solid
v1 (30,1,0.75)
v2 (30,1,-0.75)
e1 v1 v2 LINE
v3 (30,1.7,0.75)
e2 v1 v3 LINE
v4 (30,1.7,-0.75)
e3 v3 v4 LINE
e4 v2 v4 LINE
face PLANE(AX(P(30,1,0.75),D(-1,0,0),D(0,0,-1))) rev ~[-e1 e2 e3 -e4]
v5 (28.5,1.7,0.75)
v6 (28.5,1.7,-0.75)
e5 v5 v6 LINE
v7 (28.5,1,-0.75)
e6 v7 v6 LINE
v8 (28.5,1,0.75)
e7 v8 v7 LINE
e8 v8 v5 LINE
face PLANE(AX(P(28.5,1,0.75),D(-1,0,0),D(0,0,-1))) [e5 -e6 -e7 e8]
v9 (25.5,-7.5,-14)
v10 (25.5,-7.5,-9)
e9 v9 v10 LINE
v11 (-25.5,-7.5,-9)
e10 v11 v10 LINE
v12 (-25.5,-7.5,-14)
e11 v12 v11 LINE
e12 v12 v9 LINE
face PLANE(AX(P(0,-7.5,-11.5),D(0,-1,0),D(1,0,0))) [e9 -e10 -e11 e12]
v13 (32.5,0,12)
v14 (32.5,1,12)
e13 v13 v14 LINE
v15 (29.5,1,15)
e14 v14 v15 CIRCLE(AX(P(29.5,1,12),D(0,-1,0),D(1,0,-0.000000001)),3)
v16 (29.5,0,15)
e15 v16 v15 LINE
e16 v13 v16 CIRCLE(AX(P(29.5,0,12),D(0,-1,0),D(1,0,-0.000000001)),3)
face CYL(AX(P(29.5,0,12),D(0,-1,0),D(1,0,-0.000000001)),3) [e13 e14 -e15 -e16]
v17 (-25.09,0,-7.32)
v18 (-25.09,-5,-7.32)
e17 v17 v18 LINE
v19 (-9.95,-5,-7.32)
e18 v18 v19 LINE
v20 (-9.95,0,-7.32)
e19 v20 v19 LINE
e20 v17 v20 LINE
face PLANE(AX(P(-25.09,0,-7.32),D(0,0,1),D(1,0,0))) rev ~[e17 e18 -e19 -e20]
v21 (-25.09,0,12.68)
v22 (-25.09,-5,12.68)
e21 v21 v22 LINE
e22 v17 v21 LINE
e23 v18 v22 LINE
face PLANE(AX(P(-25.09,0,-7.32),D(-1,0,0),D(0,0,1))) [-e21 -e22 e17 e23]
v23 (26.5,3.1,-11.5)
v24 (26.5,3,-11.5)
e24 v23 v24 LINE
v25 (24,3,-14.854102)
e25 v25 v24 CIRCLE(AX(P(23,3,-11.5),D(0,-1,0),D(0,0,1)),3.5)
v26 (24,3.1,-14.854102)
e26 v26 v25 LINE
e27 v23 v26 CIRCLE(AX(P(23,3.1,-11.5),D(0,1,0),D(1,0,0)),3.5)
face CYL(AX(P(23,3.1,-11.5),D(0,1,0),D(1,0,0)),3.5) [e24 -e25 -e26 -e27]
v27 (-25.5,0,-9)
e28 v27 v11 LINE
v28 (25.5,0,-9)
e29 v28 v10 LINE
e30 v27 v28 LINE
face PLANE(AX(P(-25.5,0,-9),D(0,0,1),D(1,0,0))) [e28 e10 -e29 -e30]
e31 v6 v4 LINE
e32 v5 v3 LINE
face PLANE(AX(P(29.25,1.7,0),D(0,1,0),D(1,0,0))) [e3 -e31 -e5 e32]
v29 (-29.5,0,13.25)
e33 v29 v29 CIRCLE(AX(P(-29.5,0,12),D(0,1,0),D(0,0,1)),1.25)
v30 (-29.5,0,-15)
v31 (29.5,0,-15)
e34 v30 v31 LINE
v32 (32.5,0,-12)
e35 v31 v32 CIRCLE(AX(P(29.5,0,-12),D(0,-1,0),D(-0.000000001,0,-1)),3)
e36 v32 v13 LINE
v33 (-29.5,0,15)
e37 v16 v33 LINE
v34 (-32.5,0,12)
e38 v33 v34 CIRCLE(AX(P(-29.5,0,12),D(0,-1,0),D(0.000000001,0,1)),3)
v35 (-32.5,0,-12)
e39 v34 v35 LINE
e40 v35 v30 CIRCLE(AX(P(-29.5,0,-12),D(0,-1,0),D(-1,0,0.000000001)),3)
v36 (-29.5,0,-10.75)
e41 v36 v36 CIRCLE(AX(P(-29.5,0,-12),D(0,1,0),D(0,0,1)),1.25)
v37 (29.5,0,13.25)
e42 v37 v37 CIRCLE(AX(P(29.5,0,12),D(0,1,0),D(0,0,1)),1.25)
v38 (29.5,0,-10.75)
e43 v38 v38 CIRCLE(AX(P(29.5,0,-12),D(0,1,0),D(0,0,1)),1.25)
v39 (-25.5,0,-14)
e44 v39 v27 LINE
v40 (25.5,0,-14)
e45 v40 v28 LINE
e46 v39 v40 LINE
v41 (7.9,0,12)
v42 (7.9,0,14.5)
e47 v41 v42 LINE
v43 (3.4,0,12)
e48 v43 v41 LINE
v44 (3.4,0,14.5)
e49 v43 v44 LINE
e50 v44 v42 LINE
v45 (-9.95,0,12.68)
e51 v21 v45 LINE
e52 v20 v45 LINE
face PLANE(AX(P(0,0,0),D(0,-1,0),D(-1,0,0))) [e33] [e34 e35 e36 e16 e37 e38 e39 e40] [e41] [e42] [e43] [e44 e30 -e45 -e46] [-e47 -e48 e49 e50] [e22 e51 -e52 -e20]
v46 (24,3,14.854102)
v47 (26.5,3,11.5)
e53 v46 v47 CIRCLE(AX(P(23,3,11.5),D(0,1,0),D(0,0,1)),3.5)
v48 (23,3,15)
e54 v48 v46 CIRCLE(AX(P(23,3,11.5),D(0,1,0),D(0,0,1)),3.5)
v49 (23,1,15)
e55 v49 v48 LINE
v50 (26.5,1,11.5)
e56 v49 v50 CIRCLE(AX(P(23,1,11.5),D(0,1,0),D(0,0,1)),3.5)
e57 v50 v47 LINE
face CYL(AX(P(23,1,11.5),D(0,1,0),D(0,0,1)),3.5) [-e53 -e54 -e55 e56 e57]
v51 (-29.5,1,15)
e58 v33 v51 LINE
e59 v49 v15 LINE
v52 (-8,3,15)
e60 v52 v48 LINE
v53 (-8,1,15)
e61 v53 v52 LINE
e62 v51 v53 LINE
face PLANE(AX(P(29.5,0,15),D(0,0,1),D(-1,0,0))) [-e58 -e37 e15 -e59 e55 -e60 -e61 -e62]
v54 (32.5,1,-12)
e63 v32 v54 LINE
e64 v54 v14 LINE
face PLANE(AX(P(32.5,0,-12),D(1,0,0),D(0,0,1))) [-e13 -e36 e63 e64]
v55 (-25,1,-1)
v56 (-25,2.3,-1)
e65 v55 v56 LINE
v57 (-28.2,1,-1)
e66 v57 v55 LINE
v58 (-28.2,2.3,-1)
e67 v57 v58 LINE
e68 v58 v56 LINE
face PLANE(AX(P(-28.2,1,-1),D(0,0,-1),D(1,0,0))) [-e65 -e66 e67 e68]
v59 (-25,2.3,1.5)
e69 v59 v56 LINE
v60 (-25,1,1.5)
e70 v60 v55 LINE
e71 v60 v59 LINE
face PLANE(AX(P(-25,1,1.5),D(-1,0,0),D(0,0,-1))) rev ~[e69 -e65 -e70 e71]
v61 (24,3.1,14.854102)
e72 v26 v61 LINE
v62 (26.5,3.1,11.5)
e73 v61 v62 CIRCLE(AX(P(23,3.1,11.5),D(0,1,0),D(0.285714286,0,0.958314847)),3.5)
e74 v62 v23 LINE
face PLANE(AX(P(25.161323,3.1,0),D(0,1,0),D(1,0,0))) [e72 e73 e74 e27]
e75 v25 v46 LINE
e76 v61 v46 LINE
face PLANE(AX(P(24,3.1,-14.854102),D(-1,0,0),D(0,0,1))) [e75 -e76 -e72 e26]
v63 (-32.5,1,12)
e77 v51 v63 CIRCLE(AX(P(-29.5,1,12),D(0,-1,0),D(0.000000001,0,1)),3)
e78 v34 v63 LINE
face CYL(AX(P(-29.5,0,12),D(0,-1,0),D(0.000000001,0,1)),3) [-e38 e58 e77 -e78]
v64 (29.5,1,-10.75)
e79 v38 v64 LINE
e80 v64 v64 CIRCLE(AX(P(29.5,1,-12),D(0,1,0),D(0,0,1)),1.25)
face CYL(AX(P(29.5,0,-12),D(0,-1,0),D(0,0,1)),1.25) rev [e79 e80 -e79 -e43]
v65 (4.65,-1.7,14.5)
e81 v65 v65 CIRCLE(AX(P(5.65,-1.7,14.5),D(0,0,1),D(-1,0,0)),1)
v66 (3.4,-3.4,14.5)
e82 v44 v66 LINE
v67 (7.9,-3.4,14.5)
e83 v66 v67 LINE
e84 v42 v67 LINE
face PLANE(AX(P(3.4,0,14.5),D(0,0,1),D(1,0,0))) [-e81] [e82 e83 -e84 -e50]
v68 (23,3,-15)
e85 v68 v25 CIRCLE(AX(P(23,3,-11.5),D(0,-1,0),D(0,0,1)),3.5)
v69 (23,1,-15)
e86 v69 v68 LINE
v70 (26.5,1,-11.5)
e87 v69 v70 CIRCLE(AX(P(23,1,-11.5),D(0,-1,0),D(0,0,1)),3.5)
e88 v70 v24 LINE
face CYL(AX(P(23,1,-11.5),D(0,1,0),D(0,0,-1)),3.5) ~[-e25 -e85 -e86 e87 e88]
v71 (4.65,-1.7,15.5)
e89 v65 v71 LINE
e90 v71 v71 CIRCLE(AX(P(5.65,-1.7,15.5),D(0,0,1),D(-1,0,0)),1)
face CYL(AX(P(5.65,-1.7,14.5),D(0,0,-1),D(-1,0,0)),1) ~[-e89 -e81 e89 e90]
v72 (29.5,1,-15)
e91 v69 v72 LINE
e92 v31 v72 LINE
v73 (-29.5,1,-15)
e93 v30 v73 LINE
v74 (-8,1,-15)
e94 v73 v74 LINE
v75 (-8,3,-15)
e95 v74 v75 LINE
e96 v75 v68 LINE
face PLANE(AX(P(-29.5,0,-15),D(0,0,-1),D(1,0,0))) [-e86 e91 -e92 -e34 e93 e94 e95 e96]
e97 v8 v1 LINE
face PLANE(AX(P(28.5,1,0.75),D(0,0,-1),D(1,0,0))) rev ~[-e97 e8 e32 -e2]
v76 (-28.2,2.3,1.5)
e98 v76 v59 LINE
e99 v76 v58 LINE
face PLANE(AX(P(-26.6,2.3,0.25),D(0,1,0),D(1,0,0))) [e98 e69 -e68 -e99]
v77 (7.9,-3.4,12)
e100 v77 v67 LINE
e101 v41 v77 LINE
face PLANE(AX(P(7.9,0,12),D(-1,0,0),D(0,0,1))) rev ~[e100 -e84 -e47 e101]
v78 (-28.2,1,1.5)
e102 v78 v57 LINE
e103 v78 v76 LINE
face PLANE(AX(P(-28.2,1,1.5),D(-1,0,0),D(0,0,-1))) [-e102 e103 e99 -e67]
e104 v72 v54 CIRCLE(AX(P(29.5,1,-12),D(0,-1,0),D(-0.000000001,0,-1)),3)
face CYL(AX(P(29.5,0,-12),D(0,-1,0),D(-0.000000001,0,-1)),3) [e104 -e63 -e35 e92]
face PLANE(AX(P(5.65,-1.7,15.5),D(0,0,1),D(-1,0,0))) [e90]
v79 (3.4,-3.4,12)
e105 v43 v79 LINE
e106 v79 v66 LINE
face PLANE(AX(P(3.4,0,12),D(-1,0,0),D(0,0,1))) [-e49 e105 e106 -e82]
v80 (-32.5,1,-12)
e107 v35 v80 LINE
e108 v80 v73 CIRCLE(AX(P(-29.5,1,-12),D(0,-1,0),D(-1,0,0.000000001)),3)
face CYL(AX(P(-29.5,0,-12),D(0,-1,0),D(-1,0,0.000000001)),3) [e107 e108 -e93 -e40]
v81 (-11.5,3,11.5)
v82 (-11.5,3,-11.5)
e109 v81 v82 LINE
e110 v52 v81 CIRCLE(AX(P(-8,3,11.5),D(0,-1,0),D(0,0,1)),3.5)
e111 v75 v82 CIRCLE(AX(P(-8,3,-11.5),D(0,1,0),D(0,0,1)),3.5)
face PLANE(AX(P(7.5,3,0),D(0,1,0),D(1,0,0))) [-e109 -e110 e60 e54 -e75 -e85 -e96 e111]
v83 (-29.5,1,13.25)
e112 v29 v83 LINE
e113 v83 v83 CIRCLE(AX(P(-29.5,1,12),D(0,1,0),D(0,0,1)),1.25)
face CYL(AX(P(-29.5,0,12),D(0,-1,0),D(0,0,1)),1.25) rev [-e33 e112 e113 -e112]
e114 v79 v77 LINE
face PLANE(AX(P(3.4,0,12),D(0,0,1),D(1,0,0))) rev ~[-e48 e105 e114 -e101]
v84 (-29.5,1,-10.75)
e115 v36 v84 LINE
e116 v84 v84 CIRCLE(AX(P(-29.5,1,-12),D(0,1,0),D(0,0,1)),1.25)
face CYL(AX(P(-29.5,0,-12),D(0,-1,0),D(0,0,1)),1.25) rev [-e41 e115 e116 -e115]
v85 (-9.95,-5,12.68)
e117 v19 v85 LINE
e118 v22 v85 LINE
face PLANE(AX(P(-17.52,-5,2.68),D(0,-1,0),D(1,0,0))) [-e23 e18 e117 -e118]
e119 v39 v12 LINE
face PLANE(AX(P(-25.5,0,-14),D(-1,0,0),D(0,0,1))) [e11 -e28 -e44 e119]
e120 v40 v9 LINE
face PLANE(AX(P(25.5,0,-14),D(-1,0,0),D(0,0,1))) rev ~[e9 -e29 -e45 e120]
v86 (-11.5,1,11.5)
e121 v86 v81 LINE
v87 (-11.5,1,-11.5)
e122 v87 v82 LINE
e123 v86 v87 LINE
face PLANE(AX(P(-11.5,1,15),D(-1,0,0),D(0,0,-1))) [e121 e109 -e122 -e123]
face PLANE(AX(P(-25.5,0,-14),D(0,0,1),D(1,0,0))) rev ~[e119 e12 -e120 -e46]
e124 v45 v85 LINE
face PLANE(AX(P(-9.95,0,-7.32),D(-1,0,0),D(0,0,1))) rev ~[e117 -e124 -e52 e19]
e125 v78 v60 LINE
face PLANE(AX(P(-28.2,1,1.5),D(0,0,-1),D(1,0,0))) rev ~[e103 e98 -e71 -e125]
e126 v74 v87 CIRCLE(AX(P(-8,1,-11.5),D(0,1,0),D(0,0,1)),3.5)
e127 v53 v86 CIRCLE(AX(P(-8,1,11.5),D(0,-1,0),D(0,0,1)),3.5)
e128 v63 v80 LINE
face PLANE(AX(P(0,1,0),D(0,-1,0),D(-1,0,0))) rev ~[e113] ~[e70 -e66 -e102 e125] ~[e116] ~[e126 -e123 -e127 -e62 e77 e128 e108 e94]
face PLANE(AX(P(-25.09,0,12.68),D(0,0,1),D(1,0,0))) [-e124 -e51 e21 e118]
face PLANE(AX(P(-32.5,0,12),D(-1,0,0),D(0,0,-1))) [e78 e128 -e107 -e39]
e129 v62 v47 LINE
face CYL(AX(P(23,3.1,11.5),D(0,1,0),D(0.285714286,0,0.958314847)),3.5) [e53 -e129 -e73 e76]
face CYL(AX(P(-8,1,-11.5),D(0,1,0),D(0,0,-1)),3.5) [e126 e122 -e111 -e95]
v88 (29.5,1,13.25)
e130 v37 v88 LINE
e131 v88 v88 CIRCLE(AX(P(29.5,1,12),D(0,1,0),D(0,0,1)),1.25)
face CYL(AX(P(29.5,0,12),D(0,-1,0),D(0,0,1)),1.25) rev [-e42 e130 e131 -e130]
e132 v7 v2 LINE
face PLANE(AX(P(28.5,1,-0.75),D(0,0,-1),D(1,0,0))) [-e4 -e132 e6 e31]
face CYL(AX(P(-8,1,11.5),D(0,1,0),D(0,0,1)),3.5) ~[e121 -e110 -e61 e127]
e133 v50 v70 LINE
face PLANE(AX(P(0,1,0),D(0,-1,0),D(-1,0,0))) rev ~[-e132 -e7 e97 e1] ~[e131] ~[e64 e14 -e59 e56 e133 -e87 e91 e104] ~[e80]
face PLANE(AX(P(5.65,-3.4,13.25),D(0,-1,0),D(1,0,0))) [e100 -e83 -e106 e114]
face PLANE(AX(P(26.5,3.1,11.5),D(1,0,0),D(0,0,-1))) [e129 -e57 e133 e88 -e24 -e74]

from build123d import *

# Parameters (mm, degrees)
SKETCH_1_R       = 1.25
BOARD_DEPTH      = 1
SKETCH_2_W       = 38
SKETCH_2_H       = 30
SCREEN_DEPTH     = 2
SCREEN_RADIUS_R  = 3.5
SKETCH_3_W       = 51
SKETCH_3_H       = 5
PLUG_DEPTH       = 7.5
SKETCH_4_W       = 15.14
SKETCH_4_H       = 20
SPEAKER_DEPTH    = 5
SKETCH_5_W       = 4.5
SKETCH_5_H       = 2.5
BUTTON_DEPTH     = 3.4
SKETCH_6_R       = 1
BUTTON_TAP_DEPTH = 1
SKETCH_7_W       = 1.5
SKETCH_7_H       = 1.5
RGB_LED_DEPTH    = 0.7
SKETCH_8_W       = 3.2
SKETCH_8_H       = 2.5
MIC_DEPTH        = 1.3
EXTRUDE_START    = 0.1
EXTRUDE_1_DEPTH  = 0.1


with BuildPart() as part:
    # 草图1 → board (new body)
    with BuildSketch(Plane(origin=(0, 0, 0), x_dir=(1, 0, 0), z_dir=(0, 1, 0))):
        with BuildLine():
            Line((-29.5, 15), (29.5, 15))
            ThreePointArc((29.5, 15), (31.621320344, 14.121320344), (32.5, 12))
            Line((32.5, 12), (32.5, -12))
            ThreePointArc((32.5, -12), (31.621320344, -14.121320344), (29.5, -15))
            Line((29.5, -15), (-29.5, -15))
            ThreePointArc((-29.5, -15), (-31.621320344, -14.121320344), (-32.5, -12))
            Line((-32.5, -12), (-32.5, 12))
            ThreePointArc((-32.5, 12), (-31.621320344, 14.121320344), (-29.5, 15))
        make_face()
        with Locations(Location((-29.5, 12, 0), (0, 0, 270))):
            Circle(SKETCH_1_R, mode=Mode.SUBTRACT)
        with Locations(Location((29.5, 12, 0), (0, 0, 270))):
            Circle(SKETCH_1_R, mode=Mode.SUBTRACT)
        with Locations(Location((-29.5, -12, 0), (0, 0, 270))):
            Circle(SKETCH_1_R, mode=Mode.SUBTRACT)
        with Locations(Location((29.5, -12, 0), (0, 0, 270))):
            Circle(SKETCH_1_R, mode=Mode.SUBTRACT)
    extrude(amount=BOARD_DEPTH)

    # 草图2 → screen (add)
    with BuildSketch(Plane(origin=(0, 1, 0), x_dir=(1, 0, 0), z_dir=(0, 1, 0))):
        with Locations((7.5, 0)):
            Rectangle(SKETCH_2_W, SKETCH_2_H)
    extrude(amount=SCREEN_DEPTH)

    # screen-radius
    screen_radius_edges = [part.edges().sort_by_distance(p)[0] for p in [
        (-11.5, 2, -15),
        (-11.5, 2, 15),
        (26.5, 2, 15),
        (26.5, 2, -15),
    ]]
    fillet(screen_radius_edges, radius=SCREEN_RADIUS_R)

    # 草图3 → plug (add)
    with BuildSketch(Plane.XZ):
        with Locations((0, -11.5)):
            Rectangle(SKETCH_3_W, SKETCH_3_H)
    extrude(amount=PLUG_DEPTH)

    # 草图4 → speaker (add)
    with BuildSketch(Plane.XZ):
        with Locations((-17.52, 2.68)):
            Rectangle(SKETCH_4_W, SKETCH_4_H)
    extrude(amount=SPEAKER_DEPTH)

    # 草图5 → button (add)
    with BuildSketch(Plane.XZ):
        with Locations((5.65, 13.25)):
            Rectangle(SKETCH_5_W, SKETCH_5_H)
    extrude(amount=BUTTON_DEPTH)

    # 草图6 → button-tap (add)
    with BuildSketch(Plane.XY.offset(14.5)):
        with Locations(Location((5.65, -1.7, 0), (0, 0, 180))):
            Circle(SKETCH_6_R)
    extrude(amount=BUTTON_TAP_DEPTH)

    # 草图7 → rgb-led (add)
    with BuildSketch(Plane(origin=(0, 1, 0), x_dir=(1, 0, 0), z_dir=(0, 1, 0))):
        with Locations((29.25, 0)):
            Rectangle(SKETCH_7_W, SKETCH_7_H)
    extrude(amount=RGB_LED_DEPTH)

    # 草图8 → mic (add)
    with BuildSketch(Plane(origin=(0, 1, 0), x_dir=(1, 0, 0), z_dir=(0, 1, 0))):
        with Locations((-26.6, -0.25)):
            Rectangle(SKETCH_8_W, SKETCH_8_H)
    extrude(amount=MIC_DEPTH)

    # 草图9 → 凸台-拉伸1 (add)
    with BuildSketch(Plane(origin=(0, 3, 0), x_dir=(1, 0, 0), z_dir=(0, 1, 0)).offset(EXTRUDE_START)):
        with BuildLine():
            Line((26.5, -11.5), (26.5, 11.5))
            ThreePointArc((26.5, 11.5), (25.80624304, 13.591650066), (24, 14.854101966))
            Line((24, 14.854101966), (24, -14.854101966))
            ThreePointArc((24, -14.854101966), (25.80624304, -13.591650066), (26.5, -11.5))
        make_face()
    extrude(amount=-EXTRUDE_1_DEPTH)


solid = part.part
